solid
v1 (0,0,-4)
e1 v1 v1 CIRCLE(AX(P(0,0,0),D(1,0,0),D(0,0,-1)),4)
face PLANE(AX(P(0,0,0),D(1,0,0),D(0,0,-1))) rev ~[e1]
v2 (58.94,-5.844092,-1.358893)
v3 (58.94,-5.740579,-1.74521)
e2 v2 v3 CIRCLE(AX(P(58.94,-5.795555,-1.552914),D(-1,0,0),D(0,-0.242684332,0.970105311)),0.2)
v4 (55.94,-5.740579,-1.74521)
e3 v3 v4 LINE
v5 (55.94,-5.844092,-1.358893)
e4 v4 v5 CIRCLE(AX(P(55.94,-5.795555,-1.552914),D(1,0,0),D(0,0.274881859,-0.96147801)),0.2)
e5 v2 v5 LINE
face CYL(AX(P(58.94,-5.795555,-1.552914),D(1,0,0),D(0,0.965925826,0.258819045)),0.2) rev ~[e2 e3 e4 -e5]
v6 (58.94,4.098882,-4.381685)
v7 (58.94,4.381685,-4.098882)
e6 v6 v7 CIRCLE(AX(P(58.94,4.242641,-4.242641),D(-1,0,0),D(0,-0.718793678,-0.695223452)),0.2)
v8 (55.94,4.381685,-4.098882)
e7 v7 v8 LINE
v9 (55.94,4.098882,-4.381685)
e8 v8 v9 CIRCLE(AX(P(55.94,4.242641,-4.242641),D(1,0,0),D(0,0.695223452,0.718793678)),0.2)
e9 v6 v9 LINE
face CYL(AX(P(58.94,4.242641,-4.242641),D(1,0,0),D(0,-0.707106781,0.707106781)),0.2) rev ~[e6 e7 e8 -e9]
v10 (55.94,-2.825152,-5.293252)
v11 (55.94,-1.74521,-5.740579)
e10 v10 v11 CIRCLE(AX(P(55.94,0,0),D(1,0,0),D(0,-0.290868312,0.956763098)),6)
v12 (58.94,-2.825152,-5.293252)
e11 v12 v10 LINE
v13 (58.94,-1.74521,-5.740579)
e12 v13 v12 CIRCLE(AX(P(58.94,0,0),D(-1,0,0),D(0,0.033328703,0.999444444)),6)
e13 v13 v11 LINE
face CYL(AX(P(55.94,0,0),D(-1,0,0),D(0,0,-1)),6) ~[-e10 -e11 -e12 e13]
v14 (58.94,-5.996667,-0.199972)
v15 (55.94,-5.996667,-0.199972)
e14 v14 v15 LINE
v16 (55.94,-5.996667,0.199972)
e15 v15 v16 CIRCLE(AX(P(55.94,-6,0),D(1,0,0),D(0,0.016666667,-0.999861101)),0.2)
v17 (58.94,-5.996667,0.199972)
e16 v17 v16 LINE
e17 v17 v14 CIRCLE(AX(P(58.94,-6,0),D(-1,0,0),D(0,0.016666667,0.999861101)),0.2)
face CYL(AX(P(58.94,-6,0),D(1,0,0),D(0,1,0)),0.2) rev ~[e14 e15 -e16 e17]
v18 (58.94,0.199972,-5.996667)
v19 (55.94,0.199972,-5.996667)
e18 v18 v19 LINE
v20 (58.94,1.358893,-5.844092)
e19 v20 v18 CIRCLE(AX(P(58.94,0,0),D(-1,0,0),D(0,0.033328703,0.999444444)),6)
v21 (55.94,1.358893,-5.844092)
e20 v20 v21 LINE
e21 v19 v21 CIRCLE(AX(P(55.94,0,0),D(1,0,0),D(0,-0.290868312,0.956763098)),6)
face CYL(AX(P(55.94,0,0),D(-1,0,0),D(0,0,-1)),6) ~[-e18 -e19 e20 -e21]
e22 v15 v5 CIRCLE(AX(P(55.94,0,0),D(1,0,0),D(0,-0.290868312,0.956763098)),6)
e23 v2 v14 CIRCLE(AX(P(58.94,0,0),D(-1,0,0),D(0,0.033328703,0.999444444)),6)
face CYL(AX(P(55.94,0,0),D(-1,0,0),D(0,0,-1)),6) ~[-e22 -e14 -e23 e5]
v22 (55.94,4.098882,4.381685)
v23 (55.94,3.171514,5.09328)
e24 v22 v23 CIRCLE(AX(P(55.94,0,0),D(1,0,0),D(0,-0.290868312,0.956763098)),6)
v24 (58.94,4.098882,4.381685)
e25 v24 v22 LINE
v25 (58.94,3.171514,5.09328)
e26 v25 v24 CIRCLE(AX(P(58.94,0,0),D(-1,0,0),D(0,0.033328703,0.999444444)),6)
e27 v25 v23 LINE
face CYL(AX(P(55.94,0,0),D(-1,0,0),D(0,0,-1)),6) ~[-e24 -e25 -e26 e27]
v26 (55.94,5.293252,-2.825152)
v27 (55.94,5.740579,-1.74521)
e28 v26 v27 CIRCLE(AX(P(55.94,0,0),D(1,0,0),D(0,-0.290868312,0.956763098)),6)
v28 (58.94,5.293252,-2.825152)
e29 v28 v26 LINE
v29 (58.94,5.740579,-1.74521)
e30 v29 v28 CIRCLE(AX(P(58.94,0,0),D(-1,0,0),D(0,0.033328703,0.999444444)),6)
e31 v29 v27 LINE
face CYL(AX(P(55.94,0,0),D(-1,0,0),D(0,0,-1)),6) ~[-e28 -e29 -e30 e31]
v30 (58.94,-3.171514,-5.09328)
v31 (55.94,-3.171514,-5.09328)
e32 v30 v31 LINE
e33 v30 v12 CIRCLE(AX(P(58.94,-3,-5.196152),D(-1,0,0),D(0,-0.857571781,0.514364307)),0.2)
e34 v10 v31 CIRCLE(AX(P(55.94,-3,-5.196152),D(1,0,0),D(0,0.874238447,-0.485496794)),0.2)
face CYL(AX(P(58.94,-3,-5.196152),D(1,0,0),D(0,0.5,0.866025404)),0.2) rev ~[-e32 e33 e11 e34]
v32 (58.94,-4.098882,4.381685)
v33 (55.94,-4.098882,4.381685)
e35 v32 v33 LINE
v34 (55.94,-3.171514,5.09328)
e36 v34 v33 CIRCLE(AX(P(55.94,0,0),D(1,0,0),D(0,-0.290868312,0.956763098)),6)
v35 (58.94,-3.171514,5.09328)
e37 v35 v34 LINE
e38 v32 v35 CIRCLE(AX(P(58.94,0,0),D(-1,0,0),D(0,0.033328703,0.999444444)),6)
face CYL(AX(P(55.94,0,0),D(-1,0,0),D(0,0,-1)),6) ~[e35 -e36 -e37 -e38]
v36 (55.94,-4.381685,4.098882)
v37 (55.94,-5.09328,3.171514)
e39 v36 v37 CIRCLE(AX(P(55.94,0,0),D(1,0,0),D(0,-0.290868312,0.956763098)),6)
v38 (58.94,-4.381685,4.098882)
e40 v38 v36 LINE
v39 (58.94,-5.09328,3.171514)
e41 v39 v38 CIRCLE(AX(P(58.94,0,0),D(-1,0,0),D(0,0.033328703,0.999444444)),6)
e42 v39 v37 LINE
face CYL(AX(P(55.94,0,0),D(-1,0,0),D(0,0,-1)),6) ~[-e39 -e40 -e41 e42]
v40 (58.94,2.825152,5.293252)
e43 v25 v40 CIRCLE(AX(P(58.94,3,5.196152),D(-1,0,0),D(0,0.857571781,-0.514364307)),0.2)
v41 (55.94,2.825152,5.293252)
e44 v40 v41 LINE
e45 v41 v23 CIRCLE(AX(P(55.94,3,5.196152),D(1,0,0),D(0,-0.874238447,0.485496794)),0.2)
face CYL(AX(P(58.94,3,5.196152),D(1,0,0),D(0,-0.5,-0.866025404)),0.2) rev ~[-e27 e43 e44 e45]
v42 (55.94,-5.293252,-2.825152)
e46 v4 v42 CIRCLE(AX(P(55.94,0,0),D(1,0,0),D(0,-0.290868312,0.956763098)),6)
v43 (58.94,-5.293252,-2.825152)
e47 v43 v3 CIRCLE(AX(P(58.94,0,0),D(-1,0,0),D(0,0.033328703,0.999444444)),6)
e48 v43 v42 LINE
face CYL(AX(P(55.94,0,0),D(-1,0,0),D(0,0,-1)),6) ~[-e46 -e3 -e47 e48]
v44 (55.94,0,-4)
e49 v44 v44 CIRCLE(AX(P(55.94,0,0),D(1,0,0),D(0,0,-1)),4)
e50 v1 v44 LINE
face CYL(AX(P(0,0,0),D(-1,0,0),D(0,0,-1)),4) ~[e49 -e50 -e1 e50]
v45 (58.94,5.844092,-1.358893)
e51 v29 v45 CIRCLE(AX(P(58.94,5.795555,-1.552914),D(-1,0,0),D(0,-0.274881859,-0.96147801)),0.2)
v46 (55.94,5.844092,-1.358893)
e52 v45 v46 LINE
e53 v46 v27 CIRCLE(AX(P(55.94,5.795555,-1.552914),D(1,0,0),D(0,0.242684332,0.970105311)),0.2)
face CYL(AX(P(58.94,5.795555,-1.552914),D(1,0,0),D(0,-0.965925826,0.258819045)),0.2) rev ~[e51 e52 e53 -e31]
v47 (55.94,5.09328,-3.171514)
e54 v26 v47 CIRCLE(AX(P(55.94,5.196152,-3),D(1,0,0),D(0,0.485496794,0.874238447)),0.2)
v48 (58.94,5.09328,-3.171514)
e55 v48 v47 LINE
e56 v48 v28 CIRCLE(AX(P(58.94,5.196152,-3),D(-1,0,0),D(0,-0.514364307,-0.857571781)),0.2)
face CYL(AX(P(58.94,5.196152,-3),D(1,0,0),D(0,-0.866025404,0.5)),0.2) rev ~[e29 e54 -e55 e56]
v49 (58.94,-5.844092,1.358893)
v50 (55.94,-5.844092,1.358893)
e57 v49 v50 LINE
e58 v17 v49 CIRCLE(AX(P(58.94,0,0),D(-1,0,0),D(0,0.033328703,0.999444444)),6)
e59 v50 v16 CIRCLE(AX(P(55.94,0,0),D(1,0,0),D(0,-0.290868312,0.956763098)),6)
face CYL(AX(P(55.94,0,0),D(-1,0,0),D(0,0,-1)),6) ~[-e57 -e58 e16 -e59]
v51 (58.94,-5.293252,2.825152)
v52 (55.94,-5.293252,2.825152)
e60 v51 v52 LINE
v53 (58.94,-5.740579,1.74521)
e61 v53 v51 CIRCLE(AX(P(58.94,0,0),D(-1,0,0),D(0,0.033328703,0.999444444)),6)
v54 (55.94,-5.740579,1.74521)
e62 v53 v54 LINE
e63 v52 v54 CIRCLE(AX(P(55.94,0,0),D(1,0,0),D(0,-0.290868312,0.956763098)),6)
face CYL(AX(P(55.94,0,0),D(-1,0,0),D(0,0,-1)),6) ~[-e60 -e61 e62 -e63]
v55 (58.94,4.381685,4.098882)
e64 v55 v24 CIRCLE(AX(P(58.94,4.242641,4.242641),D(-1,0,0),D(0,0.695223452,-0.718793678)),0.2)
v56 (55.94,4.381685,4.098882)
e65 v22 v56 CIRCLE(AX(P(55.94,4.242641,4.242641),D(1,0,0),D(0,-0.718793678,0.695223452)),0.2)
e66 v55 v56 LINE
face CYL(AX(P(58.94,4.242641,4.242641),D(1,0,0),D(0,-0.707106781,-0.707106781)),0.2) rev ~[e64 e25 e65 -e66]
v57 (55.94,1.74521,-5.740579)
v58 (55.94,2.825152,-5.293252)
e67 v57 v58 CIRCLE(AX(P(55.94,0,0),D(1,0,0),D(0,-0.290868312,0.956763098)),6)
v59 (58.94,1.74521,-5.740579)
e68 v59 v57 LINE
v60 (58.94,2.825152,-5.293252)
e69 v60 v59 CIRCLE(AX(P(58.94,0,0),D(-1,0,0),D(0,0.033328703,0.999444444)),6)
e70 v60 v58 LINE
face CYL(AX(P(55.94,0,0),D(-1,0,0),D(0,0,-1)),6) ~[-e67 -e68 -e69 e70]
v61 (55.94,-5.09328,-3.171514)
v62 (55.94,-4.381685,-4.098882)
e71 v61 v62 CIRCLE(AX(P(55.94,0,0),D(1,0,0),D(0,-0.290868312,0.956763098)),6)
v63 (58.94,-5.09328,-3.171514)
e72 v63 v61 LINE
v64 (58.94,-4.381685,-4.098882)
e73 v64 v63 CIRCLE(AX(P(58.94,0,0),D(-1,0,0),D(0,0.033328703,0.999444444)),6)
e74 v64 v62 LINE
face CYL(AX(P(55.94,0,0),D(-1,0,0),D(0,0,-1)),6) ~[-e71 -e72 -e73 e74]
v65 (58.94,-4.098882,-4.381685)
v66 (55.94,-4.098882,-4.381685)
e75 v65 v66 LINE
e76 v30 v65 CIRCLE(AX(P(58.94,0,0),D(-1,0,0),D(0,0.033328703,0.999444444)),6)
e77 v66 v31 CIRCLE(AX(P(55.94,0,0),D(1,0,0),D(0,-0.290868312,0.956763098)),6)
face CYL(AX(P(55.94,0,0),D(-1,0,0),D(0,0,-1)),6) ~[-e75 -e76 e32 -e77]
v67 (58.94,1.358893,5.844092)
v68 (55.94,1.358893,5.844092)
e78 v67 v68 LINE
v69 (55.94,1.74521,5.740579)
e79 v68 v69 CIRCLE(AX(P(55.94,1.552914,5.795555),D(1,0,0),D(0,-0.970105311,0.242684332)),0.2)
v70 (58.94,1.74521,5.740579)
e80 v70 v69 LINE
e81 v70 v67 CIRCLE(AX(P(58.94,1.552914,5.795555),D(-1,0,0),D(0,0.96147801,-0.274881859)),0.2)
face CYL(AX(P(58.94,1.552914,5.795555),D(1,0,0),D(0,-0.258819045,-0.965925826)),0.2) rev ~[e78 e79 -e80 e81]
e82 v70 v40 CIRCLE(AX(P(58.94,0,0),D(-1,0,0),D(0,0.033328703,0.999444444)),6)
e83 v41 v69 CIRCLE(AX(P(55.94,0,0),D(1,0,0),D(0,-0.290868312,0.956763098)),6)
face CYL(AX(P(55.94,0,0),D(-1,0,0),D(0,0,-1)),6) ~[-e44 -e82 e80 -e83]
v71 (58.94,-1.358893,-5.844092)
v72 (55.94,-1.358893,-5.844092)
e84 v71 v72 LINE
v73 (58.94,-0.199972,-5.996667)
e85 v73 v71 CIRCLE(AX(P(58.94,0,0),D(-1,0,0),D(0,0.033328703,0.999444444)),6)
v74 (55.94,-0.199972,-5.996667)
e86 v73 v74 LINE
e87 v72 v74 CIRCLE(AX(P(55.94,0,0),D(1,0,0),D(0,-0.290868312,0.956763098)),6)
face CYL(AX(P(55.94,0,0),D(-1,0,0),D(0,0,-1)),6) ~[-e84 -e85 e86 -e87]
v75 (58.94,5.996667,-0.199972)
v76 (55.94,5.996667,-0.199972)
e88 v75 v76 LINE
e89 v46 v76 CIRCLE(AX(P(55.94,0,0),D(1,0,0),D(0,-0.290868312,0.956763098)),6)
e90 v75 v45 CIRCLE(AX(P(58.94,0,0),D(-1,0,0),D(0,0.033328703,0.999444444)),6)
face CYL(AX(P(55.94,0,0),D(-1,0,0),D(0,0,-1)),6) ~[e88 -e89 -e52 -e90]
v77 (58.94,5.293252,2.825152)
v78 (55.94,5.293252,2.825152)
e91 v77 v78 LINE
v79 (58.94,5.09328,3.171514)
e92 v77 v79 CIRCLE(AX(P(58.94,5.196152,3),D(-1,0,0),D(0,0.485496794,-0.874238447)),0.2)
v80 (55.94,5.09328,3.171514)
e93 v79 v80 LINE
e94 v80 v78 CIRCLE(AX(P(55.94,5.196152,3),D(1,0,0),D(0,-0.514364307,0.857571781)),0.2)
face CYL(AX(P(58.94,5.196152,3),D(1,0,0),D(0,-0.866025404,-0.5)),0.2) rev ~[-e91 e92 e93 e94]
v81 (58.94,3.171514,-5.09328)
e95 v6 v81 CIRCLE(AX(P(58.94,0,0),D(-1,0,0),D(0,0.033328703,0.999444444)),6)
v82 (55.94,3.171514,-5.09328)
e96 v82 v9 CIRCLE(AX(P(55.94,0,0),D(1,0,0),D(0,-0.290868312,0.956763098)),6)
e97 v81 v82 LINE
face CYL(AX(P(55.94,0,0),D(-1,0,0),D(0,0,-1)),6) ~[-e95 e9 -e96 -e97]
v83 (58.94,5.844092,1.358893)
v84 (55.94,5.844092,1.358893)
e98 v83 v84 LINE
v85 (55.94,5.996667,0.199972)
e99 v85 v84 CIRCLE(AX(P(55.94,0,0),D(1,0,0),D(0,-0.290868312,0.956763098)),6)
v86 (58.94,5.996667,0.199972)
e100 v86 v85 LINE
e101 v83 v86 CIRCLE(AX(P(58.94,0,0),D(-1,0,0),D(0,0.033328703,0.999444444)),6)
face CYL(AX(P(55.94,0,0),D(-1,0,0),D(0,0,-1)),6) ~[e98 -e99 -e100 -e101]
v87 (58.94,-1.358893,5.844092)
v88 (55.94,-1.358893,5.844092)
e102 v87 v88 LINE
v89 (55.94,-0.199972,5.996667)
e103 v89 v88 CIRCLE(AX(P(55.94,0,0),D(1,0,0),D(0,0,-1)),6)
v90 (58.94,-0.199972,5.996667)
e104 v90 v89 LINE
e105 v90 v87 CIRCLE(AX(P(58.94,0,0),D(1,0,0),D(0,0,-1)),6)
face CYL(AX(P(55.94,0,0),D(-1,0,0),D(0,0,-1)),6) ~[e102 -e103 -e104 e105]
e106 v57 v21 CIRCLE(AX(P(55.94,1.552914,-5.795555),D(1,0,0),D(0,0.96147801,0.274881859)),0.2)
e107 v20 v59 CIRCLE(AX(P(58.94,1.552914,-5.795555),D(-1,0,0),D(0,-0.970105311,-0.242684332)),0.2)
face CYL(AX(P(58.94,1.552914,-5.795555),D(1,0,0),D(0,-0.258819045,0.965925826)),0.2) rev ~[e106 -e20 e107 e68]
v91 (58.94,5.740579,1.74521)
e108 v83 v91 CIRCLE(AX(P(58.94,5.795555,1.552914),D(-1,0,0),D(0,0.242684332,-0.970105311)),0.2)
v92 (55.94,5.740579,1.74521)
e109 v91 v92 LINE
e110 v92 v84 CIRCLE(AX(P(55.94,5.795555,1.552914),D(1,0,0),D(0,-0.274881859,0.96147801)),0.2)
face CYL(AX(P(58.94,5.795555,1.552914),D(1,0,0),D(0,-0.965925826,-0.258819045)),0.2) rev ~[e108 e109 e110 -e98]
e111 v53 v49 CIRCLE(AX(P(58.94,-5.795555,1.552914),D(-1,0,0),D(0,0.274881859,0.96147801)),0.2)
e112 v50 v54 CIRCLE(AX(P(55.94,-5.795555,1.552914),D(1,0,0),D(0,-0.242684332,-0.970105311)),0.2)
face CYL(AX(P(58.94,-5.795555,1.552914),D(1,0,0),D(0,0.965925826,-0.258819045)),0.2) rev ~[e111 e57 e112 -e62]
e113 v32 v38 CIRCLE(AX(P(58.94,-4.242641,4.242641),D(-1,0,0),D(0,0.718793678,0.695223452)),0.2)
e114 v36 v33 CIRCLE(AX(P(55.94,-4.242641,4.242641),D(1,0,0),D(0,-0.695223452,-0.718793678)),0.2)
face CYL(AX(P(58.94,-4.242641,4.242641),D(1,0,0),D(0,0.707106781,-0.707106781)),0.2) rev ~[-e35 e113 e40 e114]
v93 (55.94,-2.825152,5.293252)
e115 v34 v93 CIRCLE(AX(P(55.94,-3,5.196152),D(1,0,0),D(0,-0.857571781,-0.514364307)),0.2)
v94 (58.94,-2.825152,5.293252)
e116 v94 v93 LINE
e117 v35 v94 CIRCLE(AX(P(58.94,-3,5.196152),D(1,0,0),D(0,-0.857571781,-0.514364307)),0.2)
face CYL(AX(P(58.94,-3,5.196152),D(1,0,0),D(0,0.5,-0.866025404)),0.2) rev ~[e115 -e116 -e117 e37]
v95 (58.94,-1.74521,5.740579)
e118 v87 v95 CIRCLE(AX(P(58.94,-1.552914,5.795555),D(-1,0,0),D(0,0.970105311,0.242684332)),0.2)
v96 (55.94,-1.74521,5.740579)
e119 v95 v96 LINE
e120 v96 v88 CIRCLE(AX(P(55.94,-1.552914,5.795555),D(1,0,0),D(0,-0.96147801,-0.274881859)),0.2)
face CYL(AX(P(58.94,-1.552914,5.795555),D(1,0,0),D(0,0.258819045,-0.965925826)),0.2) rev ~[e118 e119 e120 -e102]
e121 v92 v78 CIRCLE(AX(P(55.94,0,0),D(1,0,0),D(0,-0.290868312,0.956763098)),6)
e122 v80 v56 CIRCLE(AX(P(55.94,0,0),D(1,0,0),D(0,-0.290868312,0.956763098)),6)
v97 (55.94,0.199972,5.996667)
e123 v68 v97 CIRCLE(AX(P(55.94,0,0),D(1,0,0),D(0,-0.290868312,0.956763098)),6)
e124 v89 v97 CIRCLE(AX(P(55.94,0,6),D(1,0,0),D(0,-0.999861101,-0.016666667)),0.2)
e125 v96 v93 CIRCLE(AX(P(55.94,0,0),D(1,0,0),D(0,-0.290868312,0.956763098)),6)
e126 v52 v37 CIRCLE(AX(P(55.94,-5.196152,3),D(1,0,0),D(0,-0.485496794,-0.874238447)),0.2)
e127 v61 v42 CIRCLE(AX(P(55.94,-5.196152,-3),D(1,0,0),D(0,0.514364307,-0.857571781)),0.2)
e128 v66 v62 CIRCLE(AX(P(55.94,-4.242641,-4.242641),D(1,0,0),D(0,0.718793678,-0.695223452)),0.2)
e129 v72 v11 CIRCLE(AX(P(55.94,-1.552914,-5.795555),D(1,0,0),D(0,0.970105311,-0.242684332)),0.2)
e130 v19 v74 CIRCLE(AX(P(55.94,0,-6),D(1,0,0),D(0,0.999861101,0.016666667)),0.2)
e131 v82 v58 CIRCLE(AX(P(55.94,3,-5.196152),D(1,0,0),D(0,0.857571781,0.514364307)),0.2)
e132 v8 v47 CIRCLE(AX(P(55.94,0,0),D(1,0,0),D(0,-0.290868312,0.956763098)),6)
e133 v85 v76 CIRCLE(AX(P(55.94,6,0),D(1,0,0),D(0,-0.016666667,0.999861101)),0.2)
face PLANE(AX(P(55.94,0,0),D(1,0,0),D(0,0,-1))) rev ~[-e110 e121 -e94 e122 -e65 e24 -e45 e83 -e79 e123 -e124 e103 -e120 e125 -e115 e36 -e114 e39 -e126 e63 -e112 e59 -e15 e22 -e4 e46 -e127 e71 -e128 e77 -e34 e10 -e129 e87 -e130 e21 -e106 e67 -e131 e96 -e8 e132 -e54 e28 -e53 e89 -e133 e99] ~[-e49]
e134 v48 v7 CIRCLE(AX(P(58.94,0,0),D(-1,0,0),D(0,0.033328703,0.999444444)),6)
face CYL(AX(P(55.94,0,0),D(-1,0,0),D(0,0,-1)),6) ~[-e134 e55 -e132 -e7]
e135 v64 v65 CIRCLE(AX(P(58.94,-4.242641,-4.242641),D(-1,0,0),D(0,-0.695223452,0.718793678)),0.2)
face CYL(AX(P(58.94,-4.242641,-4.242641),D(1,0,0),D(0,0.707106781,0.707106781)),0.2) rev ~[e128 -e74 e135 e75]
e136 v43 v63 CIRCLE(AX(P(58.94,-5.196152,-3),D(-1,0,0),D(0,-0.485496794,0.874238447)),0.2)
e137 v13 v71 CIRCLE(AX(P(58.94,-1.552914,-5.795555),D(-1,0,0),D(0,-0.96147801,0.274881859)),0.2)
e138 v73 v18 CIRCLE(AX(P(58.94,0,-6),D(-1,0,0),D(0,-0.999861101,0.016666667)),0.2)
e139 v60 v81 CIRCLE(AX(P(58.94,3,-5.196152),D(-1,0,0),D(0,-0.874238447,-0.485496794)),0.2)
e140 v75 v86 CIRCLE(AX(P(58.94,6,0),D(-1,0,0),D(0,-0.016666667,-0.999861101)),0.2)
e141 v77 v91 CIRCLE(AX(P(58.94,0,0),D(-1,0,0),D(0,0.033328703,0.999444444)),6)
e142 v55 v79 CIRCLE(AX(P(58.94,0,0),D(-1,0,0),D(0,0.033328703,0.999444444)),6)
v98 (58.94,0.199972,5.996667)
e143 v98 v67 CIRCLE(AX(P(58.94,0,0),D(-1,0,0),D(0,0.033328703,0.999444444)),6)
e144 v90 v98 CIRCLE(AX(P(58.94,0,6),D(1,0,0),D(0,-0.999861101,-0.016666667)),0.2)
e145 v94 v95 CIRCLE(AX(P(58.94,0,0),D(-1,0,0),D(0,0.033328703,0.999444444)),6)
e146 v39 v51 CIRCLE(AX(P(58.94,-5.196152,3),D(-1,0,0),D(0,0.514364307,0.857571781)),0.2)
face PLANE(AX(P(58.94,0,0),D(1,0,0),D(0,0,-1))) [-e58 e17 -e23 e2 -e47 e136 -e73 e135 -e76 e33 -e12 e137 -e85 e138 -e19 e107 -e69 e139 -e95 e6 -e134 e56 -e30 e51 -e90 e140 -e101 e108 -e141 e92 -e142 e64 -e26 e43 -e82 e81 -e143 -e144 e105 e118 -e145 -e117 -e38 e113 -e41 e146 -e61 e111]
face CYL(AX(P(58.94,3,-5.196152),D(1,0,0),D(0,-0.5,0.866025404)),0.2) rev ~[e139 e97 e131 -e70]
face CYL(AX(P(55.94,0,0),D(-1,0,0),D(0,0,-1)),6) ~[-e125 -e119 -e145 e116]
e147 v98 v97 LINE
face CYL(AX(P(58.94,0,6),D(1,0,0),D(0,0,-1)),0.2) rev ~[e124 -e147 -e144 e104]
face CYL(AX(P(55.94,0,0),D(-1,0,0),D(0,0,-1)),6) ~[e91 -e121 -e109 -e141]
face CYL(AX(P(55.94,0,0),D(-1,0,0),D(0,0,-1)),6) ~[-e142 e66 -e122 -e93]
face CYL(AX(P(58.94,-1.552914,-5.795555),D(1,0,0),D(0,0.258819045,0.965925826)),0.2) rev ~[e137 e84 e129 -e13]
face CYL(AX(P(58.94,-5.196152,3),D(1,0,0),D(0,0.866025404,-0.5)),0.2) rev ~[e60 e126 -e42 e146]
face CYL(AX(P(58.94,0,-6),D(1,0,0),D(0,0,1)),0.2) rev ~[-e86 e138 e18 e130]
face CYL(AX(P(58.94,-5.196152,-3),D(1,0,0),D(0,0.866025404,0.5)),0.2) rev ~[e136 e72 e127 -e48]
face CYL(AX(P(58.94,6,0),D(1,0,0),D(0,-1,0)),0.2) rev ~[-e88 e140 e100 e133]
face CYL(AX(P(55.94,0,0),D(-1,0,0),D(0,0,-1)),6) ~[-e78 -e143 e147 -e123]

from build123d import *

# Parameters (mm, degrees)
SKETCH1_R           = 4
BOSS_EXTRUDE1_DEPTH = 55.94
SKETCH2_R           = 6
BOSS_EXTRUDE2_DEPTH = 3
SKETCH3_R           = 0.2
CUT_EXTRUDE1_DEPTH  = 3
CIRPATTERN1_COUNT   = 24


with BuildPart() as part:
    # Sketch1 → Boss-Extrude1 (new body)
    with BuildSketch(Plane(origin=(0, 0, 0), x_dir=(0, 0, -1), z_dir=(1, 0, 0))):
        Circle(SKETCH1_R)
    extrude(amount=BOSS_EXTRUDE1_DEPTH)

    # Sketch2 → Boss-Extrude2 (add)
    with BuildSketch(Plane(origin=(55.94, 0, 0), x_dir=(0, 0, -1), z_dir=(1, 0, 0))):
        Circle(SKETCH2_R)
    extrude(amount=BOSS_EXTRUDE2_DEPTH)

    # Sketch3 → Cut-Extrude1 (cut)
    with BuildSketch(Plane(origin=(58.94, 0, 0), x_dir=(0, 0, -1), z_dir=(1, 0, 0))):
        with Locations((-6, 0)):
            Circle(SKETCH3_R)
    cut_extrude1 = extrude(amount=-CUT_EXTRUDE1_DEPTH, mode=Mode.SUBTRACT)

    # CirPattern1: Cut-Extrude1 ×24 about axis
    cirpattern1_axis = Axis((0, 0, 0), (1, 0, 0))
    for i in range(1, CIRPATTERN1_COUNT):
        add(cut_extrude1.rotate(cirpattern1_axis, i * 360 / CIRPATTERN1_COUNT), mode=Mode.SUBTRACT)


solid = part.part
